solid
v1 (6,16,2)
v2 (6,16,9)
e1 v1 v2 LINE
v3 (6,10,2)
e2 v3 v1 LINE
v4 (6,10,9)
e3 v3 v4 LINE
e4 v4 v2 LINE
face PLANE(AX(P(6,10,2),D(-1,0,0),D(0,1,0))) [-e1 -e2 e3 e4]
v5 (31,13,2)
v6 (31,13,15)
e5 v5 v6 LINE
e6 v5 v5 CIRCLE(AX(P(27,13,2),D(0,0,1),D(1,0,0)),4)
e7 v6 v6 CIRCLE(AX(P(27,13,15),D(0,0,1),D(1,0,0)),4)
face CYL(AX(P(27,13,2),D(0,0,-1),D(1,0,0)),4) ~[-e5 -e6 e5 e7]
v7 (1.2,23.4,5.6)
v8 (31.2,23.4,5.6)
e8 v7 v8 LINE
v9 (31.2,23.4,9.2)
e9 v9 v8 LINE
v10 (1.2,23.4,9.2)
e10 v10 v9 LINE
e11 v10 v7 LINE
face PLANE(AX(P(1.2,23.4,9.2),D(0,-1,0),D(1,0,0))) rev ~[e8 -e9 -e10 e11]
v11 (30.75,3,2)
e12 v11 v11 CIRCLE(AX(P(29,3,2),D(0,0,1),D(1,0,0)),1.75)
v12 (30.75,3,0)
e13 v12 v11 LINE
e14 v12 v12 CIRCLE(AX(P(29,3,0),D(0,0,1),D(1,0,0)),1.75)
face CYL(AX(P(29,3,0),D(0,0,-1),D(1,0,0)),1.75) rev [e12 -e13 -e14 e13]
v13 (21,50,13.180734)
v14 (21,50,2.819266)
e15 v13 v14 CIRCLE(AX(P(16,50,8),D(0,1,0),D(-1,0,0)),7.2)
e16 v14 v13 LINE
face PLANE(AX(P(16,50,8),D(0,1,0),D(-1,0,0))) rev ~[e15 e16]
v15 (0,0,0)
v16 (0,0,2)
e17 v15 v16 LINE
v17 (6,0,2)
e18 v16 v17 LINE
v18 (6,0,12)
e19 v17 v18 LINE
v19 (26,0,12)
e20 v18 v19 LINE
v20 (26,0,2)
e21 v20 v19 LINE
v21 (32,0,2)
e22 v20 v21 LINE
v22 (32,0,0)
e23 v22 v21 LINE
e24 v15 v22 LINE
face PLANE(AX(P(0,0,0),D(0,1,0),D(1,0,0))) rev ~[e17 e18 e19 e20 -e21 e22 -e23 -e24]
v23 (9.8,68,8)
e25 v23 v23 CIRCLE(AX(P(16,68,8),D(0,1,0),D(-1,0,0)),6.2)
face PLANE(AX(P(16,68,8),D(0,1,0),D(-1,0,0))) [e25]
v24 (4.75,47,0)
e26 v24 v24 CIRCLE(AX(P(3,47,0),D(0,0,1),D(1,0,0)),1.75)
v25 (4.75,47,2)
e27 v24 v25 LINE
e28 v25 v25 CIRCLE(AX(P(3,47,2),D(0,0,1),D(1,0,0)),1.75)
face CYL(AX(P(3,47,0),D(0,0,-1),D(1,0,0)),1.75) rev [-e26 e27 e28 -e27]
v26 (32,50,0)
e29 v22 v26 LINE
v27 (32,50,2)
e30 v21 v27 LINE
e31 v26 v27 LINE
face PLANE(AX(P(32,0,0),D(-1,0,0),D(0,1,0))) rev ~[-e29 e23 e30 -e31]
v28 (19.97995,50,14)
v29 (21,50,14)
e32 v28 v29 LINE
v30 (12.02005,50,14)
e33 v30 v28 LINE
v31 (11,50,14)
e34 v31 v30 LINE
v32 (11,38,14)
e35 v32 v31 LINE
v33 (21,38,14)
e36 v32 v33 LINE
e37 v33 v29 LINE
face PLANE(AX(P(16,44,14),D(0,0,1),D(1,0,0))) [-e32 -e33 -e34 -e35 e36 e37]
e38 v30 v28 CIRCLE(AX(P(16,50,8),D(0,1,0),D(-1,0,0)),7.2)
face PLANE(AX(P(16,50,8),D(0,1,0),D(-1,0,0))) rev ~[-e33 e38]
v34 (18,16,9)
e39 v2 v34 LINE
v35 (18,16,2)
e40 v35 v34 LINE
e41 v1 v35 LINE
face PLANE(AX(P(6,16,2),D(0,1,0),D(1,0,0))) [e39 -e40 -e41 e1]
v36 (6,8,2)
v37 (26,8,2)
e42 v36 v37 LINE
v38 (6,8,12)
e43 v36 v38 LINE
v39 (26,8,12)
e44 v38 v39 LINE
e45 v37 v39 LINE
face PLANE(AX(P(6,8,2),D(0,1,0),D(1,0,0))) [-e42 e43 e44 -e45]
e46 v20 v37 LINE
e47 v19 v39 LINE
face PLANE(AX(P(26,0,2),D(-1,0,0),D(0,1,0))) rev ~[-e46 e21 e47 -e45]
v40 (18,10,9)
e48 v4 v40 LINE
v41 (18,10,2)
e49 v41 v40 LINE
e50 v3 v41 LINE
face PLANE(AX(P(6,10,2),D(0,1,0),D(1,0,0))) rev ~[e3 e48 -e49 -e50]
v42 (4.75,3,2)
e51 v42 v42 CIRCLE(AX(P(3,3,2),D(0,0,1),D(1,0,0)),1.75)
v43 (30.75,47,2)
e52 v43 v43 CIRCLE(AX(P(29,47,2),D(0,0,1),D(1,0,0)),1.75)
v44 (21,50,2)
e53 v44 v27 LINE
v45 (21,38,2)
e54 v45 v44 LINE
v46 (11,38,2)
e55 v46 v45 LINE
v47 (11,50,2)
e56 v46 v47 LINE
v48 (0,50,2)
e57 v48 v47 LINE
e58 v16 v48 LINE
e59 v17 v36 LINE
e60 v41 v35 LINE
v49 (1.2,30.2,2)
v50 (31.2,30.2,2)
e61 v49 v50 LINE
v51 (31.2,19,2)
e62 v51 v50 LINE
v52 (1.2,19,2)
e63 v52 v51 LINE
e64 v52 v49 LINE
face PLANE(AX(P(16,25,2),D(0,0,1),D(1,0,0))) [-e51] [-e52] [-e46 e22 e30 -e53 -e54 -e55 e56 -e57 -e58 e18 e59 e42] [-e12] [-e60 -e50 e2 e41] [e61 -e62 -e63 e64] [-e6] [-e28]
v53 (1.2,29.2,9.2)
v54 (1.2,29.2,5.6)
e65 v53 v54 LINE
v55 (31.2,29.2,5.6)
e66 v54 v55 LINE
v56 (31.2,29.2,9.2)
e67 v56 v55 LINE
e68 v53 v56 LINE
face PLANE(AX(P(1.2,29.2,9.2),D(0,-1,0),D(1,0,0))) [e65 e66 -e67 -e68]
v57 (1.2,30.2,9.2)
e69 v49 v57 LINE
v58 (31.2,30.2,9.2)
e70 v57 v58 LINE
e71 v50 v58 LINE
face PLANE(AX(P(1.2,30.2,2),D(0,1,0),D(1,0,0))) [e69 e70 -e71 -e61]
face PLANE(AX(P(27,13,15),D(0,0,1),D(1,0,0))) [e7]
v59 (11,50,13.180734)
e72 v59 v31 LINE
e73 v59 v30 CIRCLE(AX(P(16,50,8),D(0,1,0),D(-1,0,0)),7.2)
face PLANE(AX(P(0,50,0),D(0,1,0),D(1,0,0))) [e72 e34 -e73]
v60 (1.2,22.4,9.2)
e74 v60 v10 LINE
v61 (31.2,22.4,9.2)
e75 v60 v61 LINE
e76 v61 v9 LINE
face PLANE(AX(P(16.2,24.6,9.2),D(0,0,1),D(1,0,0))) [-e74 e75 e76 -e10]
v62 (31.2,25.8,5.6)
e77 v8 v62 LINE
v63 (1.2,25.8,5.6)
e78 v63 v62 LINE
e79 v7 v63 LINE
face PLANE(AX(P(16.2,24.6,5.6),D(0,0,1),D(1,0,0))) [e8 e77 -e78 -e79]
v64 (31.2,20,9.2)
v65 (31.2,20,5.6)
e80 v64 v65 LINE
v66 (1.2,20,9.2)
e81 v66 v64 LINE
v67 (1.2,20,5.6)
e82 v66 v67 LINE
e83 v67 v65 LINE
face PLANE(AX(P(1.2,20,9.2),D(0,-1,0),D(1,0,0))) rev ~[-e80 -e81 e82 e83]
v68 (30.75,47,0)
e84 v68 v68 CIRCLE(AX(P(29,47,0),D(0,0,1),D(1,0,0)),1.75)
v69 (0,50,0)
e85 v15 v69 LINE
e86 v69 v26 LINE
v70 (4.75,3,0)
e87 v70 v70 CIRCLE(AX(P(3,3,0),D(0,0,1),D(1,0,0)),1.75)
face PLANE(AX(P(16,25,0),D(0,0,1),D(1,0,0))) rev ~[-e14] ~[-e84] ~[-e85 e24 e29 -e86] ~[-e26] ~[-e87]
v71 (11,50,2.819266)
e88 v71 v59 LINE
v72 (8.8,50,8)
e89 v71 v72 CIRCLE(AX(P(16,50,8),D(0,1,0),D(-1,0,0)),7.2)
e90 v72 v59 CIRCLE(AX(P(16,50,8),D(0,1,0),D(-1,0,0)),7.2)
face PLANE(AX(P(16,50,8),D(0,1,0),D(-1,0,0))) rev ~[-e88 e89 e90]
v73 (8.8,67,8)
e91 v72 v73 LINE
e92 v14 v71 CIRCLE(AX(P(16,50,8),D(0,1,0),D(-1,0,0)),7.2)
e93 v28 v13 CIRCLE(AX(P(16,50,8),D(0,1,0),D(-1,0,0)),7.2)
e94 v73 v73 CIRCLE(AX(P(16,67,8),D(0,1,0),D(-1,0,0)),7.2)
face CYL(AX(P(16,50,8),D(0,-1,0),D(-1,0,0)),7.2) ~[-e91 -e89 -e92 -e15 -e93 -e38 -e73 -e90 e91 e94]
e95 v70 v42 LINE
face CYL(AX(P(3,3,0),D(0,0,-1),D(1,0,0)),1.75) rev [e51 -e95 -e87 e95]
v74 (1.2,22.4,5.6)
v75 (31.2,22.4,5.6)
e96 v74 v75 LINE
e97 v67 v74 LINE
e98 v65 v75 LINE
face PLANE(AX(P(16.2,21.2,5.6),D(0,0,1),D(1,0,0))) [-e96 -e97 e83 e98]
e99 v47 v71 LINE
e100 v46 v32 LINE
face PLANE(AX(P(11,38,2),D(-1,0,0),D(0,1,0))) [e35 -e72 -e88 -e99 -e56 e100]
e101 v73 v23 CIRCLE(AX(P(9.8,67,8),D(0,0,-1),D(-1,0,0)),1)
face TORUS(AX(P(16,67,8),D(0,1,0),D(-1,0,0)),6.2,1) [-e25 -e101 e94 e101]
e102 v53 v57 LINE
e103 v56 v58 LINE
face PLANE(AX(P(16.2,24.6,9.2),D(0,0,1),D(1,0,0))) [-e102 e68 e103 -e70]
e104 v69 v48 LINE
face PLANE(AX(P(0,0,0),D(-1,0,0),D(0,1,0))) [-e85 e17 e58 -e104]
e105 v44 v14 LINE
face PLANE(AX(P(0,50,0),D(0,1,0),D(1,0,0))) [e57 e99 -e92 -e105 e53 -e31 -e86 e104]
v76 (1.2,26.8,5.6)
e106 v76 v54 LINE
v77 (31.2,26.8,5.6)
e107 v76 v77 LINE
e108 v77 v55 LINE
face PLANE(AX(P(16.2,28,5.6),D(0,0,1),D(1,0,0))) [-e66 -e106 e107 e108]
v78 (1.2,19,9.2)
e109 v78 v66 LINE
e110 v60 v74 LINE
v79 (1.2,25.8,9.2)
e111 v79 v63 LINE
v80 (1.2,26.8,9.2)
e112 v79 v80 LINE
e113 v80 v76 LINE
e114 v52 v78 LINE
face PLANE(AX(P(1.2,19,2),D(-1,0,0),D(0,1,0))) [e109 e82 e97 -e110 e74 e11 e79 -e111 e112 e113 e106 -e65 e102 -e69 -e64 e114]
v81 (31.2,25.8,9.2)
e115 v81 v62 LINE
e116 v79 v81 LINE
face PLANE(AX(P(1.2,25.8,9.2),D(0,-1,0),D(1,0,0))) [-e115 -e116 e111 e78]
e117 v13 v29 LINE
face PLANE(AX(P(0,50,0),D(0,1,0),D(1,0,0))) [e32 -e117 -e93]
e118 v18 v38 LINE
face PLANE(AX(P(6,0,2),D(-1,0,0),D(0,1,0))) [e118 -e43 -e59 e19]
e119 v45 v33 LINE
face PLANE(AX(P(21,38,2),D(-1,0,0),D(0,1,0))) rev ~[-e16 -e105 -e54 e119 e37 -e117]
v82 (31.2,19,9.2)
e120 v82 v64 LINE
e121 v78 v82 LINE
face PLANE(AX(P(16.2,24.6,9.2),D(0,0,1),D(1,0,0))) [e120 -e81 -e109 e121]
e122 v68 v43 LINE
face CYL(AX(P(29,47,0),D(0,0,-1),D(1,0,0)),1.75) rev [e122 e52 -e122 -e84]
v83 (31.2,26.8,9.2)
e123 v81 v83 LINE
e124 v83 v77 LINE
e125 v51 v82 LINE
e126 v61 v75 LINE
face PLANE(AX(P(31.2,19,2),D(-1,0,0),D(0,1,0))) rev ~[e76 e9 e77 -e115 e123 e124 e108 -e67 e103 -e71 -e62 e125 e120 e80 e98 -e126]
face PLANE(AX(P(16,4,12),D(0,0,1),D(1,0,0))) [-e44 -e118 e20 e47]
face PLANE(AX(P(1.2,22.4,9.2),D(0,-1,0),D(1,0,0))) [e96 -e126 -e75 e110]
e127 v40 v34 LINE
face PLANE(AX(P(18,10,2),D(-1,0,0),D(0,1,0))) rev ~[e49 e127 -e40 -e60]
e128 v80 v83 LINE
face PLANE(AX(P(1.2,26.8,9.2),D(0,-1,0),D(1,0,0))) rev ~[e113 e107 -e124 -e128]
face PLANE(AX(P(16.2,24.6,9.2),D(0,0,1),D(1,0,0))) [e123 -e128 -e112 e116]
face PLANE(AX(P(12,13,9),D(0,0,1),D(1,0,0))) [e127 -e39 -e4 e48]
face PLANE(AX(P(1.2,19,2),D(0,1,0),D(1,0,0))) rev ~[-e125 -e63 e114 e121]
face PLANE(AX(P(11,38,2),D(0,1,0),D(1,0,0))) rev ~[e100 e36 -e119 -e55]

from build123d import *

# Parameters (mm, degrees)
SKETCH_W     = 32
SKETCH_H     = 50
SKETCH_R     = 1.75
PAD_DEPTH    = 2
SKETCH001_W  = 10
SKETCH001_H  = 12
PAD001_DEPTH = 12
SKETCH002_W  = 20
SKETCH002_H  = 8
PAD002_DEPTH = 10
SKETCH003_R  = 4
PAD003_DEPTH = 13
SKETCH004_W  = 12
SKETCH004_H  = 6
PAD004_DEPTH = 7
SKETCH005_W  = 30
SKETCH005_H  = 11.2
PAD005_DEPTH = 7.2
SKETCH006_W  = 30
SKETCH006_H  = 2.4
POCKET_DEPTH = 3.6
SKETCH007_R  = 7.2
PAD006_DEPTH = 18
FILLET_R     = 1


with BuildPart() as part:
    # Sketch → Pad (new body)
    with BuildSketch(Plane.XY):
        with Locations((16, 25)):
            Rectangle(SKETCH_W, SKETCH_H)
        with Locations((3, 47)):
            Circle(SKETCH_R, mode=Mode.SUBTRACT)
        with Locations((29, 47)):
            Circle(SKETCH_R, mode=Mode.SUBTRACT)
        with Locations((3, 3)):
            Circle(SKETCH_R, mode=Mode.SUBTRACT)
        with Locations((29, 3)):
            Circle(SKETCH_R, mode=Mode.SUBTRACT)
    extrude(amount=PAD_DEPTH)

    # Sketch001 (on Face10 of Pad) → Pad001 (join)
    with BuildSketch(Plane.XY.offset(2)):
        with Locations((16, 44)):
            Rectangle(SKETCH001_W, SKETCH001_H)
    extrude(amount=PAD001_DEPTH)

    # Sketch002 (on Face5 of Pad001) → Pad002 (join)
    with BuildSketch(Plane.XY.offset(2)):
        with Locations((16, 4)):
            Rectangle(SKETCH002_W, SKETCH002_H)
    extrude(amount=PAD002_DEPTH)

    # Sketch003 (on Face5 of Pad002) → Pad003 (join)
    with BuildSketch(Plane.XY.offset(2)):
        with Locations((27, 13)):
            Circle(SKETCH003_R)
    extrude(amount=PAD003_DEPTH)

    # Sketch004 (on Face5 of Pad003) → Pad004 (join)
    with BuildSketch(Plane.XY.offset(2)):
        with Locations((12, 13)):
            Rectangle(SKETCH004_W, SKETCH004_H)
    extrude(amount=PAD004_DEPTH)

    # Sketch005 (on Face5 of Pad004) → Pad005 (join)
    with BuildSketch(Plane.XY.offset(2)):
        with Locations((16.2, 24.6)):
            Rectangle(SKETCH005_W, SKETCH005_H)
    extrude(amount=PAD005_DEPTH)

    # Sketch006 (on Face32 of Pad005) → Pocket (cut)
    with BuildSketch(Plane.XY.offset(9.2)):
        with Locations((16.2, 21.2)):
            Rectangle(SKETCH006_W, SKETCH006_H)
        with Locations((16.2, 24.6)):
            Rectangle(SKETCH006_W, SKETCH006_H)
        with Locations((16.2, 28)):
            Rectangle(SKETCH006_W, SKETCH006_H)
    extrude(amount=-POCKET_DEPTH, mode=Mode.SUBTRACT)

    # Sketch007 (on Face6 of Pocket) → Pad006 (join)
    with BuildSketch(Plane(origin=(0, 50, 0), x_dir=(-1, 0, 0), z_dir=(0, 1, 0))):
        with Locations((-16, 8)):
            Circle(SKETCH007_R)
    extrude(amount=PAD006_DEPTH)

    # Fillet
    fillet_edges = [part.edges().sort_by_distance(p)[0] for p in [
        (23.2, 68, 8),
    ]]
    fillet(fillet_edges, radius=FILLET_R)


solid = part.part
